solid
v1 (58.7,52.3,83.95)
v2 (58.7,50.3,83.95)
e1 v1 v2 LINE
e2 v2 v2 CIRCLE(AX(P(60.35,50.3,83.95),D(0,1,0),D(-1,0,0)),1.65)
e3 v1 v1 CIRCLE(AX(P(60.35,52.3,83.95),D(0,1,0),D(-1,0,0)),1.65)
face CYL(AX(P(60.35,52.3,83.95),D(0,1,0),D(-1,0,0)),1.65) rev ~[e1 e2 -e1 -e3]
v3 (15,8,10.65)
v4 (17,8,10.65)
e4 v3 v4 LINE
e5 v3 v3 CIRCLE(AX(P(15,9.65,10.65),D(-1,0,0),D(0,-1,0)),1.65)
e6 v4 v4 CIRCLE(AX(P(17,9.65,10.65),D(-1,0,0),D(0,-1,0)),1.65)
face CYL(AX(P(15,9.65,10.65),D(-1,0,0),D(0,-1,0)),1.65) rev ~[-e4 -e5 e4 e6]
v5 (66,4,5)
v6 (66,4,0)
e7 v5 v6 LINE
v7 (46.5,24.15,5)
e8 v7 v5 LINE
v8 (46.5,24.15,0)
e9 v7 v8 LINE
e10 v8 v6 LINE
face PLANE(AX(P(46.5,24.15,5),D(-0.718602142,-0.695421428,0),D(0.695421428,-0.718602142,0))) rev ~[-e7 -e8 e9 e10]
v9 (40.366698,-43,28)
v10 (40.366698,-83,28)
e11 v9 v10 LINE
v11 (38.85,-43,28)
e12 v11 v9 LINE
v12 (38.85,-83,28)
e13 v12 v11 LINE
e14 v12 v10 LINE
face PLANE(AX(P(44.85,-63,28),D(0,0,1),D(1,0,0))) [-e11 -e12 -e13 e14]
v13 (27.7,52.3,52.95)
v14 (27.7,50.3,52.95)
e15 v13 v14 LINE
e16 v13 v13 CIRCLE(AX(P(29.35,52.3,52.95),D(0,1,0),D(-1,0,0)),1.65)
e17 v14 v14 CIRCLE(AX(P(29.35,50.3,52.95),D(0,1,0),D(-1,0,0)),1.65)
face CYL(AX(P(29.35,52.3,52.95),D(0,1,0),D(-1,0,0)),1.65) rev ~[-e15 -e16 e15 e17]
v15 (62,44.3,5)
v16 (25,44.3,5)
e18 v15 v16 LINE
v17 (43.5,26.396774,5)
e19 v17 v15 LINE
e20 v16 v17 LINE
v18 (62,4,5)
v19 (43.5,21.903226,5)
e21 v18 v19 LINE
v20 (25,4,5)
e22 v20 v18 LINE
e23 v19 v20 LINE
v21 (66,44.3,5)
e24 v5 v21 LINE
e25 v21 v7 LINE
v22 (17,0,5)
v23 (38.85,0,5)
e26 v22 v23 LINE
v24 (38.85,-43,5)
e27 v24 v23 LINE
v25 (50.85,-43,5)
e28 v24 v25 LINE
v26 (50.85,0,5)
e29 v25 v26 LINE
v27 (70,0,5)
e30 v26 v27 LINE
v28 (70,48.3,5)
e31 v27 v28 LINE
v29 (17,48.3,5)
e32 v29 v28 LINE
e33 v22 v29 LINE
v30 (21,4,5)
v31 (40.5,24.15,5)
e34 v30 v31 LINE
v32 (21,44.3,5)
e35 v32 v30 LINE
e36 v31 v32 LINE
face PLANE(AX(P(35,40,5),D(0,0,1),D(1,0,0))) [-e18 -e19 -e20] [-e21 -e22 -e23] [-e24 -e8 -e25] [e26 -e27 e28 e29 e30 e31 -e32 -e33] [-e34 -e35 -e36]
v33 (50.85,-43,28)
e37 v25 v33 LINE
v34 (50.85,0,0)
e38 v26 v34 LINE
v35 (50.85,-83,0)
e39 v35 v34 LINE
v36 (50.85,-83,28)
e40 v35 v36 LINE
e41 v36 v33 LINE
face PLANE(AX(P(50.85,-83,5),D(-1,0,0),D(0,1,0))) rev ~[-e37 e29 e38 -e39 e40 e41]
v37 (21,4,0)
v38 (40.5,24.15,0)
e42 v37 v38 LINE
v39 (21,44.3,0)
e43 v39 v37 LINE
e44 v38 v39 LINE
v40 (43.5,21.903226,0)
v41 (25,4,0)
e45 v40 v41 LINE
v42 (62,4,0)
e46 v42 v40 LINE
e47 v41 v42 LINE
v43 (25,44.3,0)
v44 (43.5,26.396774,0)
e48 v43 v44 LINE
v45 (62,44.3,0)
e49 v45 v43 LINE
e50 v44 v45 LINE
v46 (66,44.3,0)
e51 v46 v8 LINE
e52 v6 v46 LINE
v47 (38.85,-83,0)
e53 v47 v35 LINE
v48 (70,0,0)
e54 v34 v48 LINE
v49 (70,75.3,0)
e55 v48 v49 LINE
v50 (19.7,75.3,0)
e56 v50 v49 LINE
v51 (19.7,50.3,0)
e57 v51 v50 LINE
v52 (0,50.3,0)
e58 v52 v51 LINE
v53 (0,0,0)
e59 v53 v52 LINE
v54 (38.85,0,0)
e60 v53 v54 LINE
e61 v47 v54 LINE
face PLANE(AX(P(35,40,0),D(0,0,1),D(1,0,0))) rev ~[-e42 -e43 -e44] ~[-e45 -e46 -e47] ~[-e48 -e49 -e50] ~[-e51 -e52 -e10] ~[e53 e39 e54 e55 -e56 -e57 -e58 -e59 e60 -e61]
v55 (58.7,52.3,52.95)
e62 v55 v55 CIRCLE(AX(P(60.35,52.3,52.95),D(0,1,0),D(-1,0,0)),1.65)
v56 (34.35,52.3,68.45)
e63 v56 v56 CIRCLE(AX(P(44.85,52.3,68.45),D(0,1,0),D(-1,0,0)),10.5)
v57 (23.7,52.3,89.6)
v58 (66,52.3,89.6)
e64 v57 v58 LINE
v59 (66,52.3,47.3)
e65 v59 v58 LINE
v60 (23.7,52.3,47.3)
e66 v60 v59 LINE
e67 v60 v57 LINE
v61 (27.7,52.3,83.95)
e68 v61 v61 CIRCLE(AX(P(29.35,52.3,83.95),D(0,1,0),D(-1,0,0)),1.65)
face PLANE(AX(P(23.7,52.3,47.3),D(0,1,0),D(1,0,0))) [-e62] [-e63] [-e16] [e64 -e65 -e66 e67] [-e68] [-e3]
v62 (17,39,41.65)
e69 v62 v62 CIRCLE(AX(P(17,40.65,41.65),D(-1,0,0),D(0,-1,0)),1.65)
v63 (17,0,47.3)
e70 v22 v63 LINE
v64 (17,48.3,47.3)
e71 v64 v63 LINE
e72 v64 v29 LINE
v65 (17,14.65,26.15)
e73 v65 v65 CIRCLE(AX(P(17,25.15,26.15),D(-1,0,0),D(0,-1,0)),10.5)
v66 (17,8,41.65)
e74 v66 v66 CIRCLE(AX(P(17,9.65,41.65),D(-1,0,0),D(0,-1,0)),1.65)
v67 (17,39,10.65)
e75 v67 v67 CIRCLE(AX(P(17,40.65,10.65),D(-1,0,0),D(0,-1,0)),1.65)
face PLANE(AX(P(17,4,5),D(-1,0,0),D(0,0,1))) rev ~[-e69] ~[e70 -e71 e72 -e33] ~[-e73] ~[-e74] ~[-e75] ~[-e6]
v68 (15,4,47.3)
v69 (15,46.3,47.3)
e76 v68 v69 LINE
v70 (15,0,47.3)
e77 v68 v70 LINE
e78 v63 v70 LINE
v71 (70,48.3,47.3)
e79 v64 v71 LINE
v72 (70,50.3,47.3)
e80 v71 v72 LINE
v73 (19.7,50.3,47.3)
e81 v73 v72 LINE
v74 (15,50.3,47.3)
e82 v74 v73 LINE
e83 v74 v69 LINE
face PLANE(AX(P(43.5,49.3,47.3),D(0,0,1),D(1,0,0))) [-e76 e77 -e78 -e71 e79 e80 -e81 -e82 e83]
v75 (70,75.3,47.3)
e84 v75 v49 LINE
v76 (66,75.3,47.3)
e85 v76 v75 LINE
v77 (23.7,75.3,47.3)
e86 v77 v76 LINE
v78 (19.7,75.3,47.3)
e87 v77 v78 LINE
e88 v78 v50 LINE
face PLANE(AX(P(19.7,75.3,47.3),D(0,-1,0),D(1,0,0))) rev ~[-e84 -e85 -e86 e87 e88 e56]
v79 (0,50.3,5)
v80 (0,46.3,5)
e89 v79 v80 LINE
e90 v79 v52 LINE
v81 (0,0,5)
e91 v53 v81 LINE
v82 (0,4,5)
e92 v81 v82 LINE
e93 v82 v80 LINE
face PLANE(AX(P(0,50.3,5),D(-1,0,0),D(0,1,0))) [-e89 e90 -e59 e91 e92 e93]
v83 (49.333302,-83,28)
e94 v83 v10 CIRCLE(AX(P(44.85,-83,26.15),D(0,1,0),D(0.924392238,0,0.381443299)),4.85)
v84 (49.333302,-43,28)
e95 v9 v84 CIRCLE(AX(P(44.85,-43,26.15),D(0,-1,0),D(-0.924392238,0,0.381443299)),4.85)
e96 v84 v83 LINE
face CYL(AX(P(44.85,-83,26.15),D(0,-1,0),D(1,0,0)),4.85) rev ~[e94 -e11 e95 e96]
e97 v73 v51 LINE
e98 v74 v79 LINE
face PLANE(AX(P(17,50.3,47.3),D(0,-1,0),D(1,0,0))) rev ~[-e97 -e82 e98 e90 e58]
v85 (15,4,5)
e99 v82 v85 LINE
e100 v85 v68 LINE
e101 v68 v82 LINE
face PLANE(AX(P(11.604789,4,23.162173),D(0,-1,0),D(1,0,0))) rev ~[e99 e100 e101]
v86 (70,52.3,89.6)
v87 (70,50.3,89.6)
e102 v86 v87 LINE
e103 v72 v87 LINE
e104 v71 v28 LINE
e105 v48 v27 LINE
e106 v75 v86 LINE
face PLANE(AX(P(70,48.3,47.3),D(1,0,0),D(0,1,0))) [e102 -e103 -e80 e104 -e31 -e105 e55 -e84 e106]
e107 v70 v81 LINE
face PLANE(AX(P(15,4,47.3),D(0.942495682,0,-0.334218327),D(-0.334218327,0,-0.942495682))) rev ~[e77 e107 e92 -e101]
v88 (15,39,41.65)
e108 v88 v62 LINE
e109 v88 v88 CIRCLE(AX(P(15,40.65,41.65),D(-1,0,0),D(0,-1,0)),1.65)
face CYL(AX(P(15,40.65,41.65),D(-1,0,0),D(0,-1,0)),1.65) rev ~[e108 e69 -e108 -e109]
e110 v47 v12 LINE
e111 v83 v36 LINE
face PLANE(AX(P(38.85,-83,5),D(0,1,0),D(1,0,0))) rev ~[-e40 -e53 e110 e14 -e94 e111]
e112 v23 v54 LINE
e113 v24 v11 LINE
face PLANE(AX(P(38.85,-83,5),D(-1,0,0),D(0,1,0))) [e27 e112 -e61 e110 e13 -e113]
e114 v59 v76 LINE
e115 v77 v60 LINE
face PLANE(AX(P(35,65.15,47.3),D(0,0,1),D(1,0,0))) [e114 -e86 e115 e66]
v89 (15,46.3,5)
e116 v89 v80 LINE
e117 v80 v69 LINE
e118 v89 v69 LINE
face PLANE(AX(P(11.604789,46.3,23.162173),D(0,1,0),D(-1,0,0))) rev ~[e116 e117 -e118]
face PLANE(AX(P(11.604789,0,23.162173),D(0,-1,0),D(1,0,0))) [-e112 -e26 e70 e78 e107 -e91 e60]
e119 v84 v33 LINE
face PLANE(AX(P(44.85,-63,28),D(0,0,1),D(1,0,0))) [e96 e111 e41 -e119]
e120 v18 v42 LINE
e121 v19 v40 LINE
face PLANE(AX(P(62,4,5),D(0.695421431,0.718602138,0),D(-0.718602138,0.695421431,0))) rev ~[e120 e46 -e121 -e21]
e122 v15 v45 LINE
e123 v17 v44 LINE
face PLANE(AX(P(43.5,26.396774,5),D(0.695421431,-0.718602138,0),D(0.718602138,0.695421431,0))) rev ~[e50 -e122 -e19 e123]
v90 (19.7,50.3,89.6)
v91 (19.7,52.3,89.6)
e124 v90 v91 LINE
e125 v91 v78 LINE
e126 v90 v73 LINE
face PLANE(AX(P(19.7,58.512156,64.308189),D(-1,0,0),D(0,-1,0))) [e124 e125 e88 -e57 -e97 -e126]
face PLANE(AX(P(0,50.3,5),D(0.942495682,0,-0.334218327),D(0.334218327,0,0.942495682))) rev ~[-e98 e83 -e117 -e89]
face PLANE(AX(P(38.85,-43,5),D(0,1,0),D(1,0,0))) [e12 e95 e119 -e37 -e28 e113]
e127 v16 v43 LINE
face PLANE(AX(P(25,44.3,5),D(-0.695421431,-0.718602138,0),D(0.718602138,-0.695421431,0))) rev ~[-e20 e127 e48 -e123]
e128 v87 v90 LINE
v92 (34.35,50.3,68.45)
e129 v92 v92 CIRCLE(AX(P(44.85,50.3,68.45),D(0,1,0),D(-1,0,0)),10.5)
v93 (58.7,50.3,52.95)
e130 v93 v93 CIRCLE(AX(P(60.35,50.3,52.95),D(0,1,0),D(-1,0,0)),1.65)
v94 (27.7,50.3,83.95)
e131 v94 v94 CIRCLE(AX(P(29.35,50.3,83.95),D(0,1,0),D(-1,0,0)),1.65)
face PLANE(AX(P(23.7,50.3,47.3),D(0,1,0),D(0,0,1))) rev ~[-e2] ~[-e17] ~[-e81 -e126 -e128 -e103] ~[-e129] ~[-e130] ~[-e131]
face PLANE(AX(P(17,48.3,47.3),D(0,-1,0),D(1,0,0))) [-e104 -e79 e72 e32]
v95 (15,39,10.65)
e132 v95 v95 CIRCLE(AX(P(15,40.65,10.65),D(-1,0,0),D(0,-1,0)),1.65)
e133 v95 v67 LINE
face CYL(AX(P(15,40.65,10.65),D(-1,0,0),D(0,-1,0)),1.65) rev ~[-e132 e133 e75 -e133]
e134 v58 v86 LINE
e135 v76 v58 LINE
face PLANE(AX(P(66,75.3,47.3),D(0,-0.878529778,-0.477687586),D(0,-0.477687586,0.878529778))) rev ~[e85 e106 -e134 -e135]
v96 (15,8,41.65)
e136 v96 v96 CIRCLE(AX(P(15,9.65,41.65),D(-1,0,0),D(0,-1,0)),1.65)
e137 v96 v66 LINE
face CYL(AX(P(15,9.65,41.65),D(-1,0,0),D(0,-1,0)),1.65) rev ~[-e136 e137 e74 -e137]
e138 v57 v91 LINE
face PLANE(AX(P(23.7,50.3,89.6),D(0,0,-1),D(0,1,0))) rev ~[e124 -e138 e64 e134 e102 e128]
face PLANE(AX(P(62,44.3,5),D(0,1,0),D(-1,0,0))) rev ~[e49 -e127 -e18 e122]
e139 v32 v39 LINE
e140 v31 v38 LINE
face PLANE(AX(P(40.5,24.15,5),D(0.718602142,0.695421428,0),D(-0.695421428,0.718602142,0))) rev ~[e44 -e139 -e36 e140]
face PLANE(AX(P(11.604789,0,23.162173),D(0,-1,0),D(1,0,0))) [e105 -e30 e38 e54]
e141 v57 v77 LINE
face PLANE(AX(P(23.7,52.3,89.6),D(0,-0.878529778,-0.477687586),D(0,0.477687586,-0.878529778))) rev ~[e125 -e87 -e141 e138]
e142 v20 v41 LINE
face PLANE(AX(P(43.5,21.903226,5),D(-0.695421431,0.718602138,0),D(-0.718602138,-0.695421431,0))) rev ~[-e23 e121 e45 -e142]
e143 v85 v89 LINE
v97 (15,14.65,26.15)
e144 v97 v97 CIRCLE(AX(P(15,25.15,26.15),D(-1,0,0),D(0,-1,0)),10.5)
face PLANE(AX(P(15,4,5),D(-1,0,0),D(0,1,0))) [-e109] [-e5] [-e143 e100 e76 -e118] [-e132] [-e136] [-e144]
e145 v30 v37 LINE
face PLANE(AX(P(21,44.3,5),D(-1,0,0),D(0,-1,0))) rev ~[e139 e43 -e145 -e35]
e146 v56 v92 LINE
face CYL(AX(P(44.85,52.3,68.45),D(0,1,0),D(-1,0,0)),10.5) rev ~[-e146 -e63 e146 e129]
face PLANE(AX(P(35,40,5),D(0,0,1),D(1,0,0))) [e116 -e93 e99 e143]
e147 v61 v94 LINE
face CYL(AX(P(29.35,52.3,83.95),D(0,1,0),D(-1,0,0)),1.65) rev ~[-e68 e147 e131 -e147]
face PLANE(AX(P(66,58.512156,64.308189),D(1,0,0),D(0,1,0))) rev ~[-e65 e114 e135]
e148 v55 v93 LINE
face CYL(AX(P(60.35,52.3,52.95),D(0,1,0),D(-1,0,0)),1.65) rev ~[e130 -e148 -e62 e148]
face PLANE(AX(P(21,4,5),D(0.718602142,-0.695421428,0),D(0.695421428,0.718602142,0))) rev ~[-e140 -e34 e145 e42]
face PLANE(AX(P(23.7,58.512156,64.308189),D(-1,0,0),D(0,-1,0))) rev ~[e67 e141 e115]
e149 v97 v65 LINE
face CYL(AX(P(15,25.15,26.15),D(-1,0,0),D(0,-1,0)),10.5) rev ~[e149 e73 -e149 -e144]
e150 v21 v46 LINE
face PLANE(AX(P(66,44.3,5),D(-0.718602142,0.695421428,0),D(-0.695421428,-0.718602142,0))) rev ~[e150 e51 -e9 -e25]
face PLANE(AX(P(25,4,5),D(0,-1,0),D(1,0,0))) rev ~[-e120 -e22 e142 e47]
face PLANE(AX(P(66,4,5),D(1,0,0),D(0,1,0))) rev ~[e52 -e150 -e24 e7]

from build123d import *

# Parameters (mm, degrees)
F0_W      = 70
F0_H      = 80
F1_DEPTH  = 5
F2_W      = 2
F2_H      = 42.3
F3_DEPTH  = 42.3
F4_R      = 1.65
F4_R_2    = 10.5
F5_DEPTH  = 25
F7_DEPTH  = 4
F9_DEPTH  = 4
F10_W     = 70
F10_H     = 29.7
F11_DEPTH = 42.3
F12_W     = 42.3
F12_H     = 2
F13_DEPTH = 42.3
F14_R     = 1.65
F14_R_2   = 10.5
F15_DEPTH = 25
F17_DEPTH = 4
F19_DEPTH = 88.9
F21_DEPTH = 4
F22_W     = 19.7
F22_H     = 29.7
F23_DEPTH = 64.9
F24_W     = 53
F24_H     = 2
F25_DEPTH = 45.92
F26_W     = 50.3
F26_H     = 4.7
F27_DEPTH = 73.2
F28_W     = 12
F28_H     = 83
F29_DEPTH = 5
F30_W     = 12
F30_H     = 40
F31_DEPTH = 23
F32_R     = 4.85
F33_DEPTH = 45.2
F35_DEPTH = 25


with BuildPart() as f1:
    # F0 (on Top) → F1 (new body)
    with BuildSketch(Plane.XY):
        with Locations((35, 40)):
            Rectangle(F0_W, F0_H)
    extrude(amount=F1_DEPTH)

    # F2 (on face) → F3 (join)
    with BuildSketch(Plane.XY.offset(5)):
        with Locations((16, 25.15)):
            Rectangle(F2_W, F2_H)
    extrude(amount=F3_DEPTH)

    # F4 (on face) → F5 (cut)
    with BuildSketch(Plane(origin=(15, 0, 0), x_dir=(0, -1, 0), z_dir=(-1, 0, 0))):
        with Locations((-40.65, 41.65)):
            Circle(F4_R)
        with Locations((-9.65, 41.65)):
            Circle(F4_R)
        with Locations((-9.65, 10.65)):
            Circle(F4_R)
        with Locations((-40.65, 10.65)):
            Circle(F4_R)
        with Locations((-25.15, 26.15)):
            Circle(F4_R_2)
    extrude(amount=-F5_DEPTH, mode=Mode.SUBTRACT)

    # F6 (on face) → F7 (join)
    with BuildSketch(Plane(origin=(0, 46.3, 0), x_dir=(-1, 0, 0), z_dir=(0, 1, 0))):
        Polygon((-17, 5), (0, 5), (-15, 47.3), (-17, 47.3), align=None)
    extrude(amount=F7_DEPTH)

    # F8 (on face) → F9 (join)
    with BuildSketch(Plane.XZ.offset(-4)):
        Polygon((17, 5), (17, 47.3), (15, 47.3), (0, 5), (15, 5), align=None)
    extrude(amount=F9_DEPTH)

    # F10 (on face) → F11 (join)
    with BuildSketch(Plane.XY.offset(5)):
        with Locations((35, 65.15)):
            Rectangle(F10_W, F10_H)
    extrude(amount=F11_DEPTH)

    # F12 (on face) → F13 (join)
    with BuildSketch(Plane.XY.offset(47.3)):
        with Locations((44.85, 51.3)):
            Rectangle(F12_W, F12_H)
    extrude(amount=F13_DEPTH)

    # F14 (on face) → F15 (cut)
    with BuildSketch(Plane(origin=(0, 52.3, 0), x_dir=(-1, 0, 0), z_dir=(0, 1, 0))):
        with Locations((-60.35, 83.95)):
            Circle(F14_R)
        with Locations((-29.35, 83.95)):
            Circle(F14_R)
        with Locations((-29.35, 52.95)):
            Circle(F14_R)
        with Locations((-60.35, 52.95)):
            Circle(F14_R)
        with Locations((-44.85, 68.45)):
            Circle(F14_R_2)
    extrude(amount=-F15_DEPTH, mode=Mode.SUBTRACT)

    # F16 (on face) → F17 (join)
    with BuildSketch(Plane.YZ.offset(66)):
        Polygon((52.3, 89.6), (50.3, 89.6), (50.3, 47.3), (75.3, 47.3), align=None)
    extrude(amount=F17_DEPTH)

    # F18 (on face) → F19 (cut)
    with BuildSketch(Plane.XZ.offset(-50.3)):
        Polygon((0, 5), (15, 47.3), (0, 47.3), align=None)
    extrude(amount=-F19_DEPTH, mode=Mode.SUBTRACT)

    # F20 (on face) → F21 (join)
    with BuildSketch(Plane(origin=(23.7, 0, 0), x_dir=(0, -1, 0), z_dir=(-1, 0, 0))):
        Polygon((-50.3, 47.3), (-50.3, 89.6), (-52.3, 89.6), (-75.3, 47.3), align=None)
    extrude(amount=F21_DEPTH)

    # F22 (on face) → F23 (cut)
    with BuildSketch(Plane.XY.offset(47.3)):
        with Locations((9.85, 65.15)):
            Rectangle(F22_W, F22_H)
    extrude(amount=-F23_DEPTH, mode=Mode.SUBTRACT)

    # F24 (on face) → F25 (join)
    with BuildSketch(Plane.XY.offset(47.3)):
        with Locations((43.5, 49.3)):
            Rectangle(F24_W, F24_H)
    extrude(amount=-F25_DEPTH)

    # F26 (on face) → F27 (cut)
    with BuildSketch(Plane.XY.offset(47.3)):
        with Locations((44.85, 77.65)):
            Rectangle(F26_W, F26_H)
    extrude(amount=-F27_DEPTH, mode=Mode.SUBTRACT)

    # F28 (on face) → F29 (join)
    with BuildSketch(Plane.XY.offset(5)):
        with Locations((44.85, -41.5)):
            Rectangle(F28_W, F28_H)
    extrude(amount=-F29_DEPTH)

    # F30 (on face) → F31 (join)
    with BuildSketch(Plane.XY.offset(5)):
        with Locations((44.85, -63)):
            Rectangle(F30_W, F30_H)
    extrude(amount=F31_DEPTH)

    # F32 (on face) → F33 (cut)
    with BuildSketch(Plane.XZ.offset(83)):
        with Locations((44.85, 26.15)):
            Circle(F32_R)
    extrude(amount=-F33_DEPTH, mode=Mode.SUBTRACT)

    # F34 (on face) → F35 (cut)
    with BuildSketch(Plane.XY.offset(5)):
        Polygon((40.5, 24.15), (21, 44.3), (21, 4), align=None)
        Polygon((66, 4), (66, 44.3), (46.5, 24.15), align=None)
        Polygon((62, 44.3), (25, 44.3), (43.5, 26.396774), align=None)
        Polygon((62, 4), (43.5, 21.903226), (25, 4), align=None)
    extrude(amount=-F35_DEPTH, mode=Mode.SUBTRACT)


solid = f1.part
